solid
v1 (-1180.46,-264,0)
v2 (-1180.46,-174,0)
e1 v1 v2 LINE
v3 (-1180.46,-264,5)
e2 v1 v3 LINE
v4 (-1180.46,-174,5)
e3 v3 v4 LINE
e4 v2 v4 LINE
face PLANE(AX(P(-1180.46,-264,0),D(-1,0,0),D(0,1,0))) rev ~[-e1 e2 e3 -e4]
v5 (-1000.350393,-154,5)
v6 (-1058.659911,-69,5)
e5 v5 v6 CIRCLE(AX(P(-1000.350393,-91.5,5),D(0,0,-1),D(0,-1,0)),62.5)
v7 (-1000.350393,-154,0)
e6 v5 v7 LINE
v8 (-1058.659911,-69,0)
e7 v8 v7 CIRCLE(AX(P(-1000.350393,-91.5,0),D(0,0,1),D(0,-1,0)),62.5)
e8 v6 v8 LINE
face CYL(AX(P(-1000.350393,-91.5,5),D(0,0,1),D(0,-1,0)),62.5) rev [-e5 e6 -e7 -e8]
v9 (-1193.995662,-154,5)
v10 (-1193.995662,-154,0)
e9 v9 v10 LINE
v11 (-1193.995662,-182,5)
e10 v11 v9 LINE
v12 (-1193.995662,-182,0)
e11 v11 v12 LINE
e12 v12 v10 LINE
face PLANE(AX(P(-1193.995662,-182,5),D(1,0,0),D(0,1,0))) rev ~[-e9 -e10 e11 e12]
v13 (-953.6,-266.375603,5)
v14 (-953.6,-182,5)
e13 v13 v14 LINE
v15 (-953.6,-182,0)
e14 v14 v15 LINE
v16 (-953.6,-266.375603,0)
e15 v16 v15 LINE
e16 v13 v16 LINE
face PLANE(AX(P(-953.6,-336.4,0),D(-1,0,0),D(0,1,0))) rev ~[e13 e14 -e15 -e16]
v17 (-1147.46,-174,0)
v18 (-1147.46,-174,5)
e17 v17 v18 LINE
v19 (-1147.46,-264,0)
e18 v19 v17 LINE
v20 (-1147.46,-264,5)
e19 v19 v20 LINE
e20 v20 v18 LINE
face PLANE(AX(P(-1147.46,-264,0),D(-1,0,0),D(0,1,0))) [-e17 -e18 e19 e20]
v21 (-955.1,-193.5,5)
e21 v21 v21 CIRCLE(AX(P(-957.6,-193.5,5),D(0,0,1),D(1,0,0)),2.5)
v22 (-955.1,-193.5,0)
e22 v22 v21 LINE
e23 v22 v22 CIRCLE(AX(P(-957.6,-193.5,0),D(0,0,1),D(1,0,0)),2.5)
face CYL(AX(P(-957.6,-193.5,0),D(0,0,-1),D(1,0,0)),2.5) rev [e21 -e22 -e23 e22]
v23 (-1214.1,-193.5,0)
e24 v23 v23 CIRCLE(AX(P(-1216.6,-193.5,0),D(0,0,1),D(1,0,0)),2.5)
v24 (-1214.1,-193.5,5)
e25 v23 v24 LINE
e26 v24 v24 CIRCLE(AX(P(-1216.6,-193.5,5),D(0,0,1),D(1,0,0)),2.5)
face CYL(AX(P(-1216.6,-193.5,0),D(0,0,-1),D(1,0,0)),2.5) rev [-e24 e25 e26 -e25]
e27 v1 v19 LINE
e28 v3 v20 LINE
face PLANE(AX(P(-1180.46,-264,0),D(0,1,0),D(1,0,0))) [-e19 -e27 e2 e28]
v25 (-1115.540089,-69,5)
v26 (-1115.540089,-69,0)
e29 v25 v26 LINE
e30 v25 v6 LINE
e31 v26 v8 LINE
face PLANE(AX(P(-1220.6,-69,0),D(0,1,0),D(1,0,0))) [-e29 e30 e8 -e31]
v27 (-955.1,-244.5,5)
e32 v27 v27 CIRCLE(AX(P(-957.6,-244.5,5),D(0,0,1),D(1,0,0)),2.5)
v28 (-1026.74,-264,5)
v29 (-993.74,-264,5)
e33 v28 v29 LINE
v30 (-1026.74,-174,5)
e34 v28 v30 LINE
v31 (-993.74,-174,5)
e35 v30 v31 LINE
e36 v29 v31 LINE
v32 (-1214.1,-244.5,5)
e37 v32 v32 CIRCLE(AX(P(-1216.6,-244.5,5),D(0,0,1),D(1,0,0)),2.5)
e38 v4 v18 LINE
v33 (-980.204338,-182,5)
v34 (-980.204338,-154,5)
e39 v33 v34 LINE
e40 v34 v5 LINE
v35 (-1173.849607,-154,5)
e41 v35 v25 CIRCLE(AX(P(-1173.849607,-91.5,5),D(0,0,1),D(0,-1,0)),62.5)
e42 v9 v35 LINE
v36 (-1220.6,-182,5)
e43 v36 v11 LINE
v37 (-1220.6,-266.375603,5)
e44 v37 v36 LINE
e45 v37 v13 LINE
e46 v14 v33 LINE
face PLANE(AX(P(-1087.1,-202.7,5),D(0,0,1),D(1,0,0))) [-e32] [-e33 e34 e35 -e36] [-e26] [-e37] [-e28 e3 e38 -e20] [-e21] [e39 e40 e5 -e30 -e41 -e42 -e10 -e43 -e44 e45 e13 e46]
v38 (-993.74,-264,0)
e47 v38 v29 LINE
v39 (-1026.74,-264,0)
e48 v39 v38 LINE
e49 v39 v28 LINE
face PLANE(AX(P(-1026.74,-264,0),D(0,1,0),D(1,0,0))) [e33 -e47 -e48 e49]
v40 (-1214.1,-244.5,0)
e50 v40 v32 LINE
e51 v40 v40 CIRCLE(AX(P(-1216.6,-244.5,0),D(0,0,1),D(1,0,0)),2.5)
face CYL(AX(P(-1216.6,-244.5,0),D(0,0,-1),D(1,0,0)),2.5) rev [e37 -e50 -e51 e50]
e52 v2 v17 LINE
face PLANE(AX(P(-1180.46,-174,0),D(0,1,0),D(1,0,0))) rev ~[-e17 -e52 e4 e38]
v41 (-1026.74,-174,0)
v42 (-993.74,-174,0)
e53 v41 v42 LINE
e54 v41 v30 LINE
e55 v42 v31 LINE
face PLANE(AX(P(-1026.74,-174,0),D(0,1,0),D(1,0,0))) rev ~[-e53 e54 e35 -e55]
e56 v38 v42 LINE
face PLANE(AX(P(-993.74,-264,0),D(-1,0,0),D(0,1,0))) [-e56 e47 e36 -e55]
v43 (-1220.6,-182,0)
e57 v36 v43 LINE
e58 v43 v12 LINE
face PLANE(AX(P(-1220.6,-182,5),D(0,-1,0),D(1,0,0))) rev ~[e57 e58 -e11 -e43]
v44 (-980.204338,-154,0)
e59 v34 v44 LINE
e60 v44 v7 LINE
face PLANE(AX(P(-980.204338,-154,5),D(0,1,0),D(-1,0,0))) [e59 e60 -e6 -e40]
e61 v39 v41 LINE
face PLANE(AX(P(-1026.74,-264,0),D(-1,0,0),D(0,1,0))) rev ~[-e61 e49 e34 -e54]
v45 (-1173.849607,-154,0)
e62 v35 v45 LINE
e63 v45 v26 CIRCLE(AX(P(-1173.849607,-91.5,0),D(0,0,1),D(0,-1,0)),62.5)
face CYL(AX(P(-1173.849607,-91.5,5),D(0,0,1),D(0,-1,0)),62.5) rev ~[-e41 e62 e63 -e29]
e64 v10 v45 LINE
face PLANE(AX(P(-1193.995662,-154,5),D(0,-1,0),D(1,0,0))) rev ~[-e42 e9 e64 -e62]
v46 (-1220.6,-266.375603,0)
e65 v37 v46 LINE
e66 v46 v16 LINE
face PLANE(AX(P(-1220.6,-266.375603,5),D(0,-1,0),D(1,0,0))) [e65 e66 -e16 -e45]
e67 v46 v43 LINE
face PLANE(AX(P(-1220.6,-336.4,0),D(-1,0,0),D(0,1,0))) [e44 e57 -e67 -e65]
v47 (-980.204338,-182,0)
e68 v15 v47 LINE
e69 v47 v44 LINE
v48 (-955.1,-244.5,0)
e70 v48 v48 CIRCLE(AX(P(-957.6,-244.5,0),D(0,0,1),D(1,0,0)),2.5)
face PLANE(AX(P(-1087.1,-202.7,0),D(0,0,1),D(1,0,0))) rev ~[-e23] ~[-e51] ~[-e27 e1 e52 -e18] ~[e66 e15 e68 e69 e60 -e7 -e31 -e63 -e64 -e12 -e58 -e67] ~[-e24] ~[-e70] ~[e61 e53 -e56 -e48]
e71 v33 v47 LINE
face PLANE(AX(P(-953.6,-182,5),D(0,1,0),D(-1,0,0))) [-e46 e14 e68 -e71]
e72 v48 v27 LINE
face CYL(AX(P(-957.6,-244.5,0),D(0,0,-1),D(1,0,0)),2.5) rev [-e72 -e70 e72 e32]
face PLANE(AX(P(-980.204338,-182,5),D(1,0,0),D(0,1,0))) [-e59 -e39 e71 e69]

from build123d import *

# Parameters (mm, degrees)
SKETCH1_W           = 267
SKETCH1_H           = 267.4
SKETCH1_R           = 2.5
SKETCH1_W_2         = 33
SKETCH1_H_2         = 90
BOSS_EXTRUDE1_DEPTH = 5
SKETCH6_W           = 267
SKETCH6_H           = 70.024397165
CUT_EXTRUDE4_DEPTH  = 6


with BuildPart() as part:
    # Sketch1 → Boss-Extrude1 (new body)
    with BuildSketch(Plane.XY):
        with Locations((-1087.1, -202.7)):
            Rectangle(SKETCH1_W, SKETCH1_H)
        with Locations((-957.6, -193.5)):
            Circle(SKETCH1_R, mode=Mode.SUBTRACT)
        with Locations((-957.6, -244.5)):
            Circle(SKETCH1_R, mode=Mode.SUBTRACT)
        with Locations((-1216.6, -244.5)):
            Circle(SKETCH1_R, mode=Mode.SUBTRACT)
        with Locations((-1216.6, -193.5)):
            Circle(SKETCH1_R, mode=Mode.SUBTRACT)
        with Locations((-1010.24, -219)):
            Rectangle(SKETCH1_W_2, SKETCH1_H_2, mode=Mode.SUBTRACT)
        with Locations((-1163.96, -219)):
            Rectangle(SKETCH1_W_2, SKETCH1_H_2, mode=Mode.SUBTRACT)
    extrude(amount=BOSS_EXTRUDE1_DEPTH)

    # Sketch6 → Cut-Extrude4 (cut, through all)
    with BuildSketch(Plane.XY.offset(5)):
        with BuildLine():
            Line((-1058.659911457, -69), (-953.6, -69))
            Line((-953.6, -69), (-953.6, -182))
            Line((-953.6, -182), (-980.204338358, -182))
            Line((-980.204338358, -182), (-980.204338358, -154))
            Line((-980.204338358, -154), (-1000.350392508, -154))
            ThreePointArc((-1000.350392508, -154), (-1051.889212828, -126.855339059), (-1058.659911457, -69))
        make_face()
        with Locations((-1087.1, -301.387801417)):
            Rectangle(SKETCH6_W, SKETCH6_H)
        with BuildLine():
            Line((-1115.540088543, -69), (-1220.6, -69))
            Line((-1220.6, -69), (-1220.6, -182))
            Line((-1220.6, -182), (-1193.995661642, -182))
            Line((-1193.995661642, -182), (-1193.995661642, -154))
            Line((-1193.995661642, -154), (-1173.849607492, -154))
            ThreePointArc((-1173.849607492, -154), (-1122.310787172, -126.855339059), (-1115.540088543, -69))
        make_face()
    extrude(amount=-CUT_EXTRUDE4_DEPTH, mode=Mode.SUBTRACT)


solid = part.part
